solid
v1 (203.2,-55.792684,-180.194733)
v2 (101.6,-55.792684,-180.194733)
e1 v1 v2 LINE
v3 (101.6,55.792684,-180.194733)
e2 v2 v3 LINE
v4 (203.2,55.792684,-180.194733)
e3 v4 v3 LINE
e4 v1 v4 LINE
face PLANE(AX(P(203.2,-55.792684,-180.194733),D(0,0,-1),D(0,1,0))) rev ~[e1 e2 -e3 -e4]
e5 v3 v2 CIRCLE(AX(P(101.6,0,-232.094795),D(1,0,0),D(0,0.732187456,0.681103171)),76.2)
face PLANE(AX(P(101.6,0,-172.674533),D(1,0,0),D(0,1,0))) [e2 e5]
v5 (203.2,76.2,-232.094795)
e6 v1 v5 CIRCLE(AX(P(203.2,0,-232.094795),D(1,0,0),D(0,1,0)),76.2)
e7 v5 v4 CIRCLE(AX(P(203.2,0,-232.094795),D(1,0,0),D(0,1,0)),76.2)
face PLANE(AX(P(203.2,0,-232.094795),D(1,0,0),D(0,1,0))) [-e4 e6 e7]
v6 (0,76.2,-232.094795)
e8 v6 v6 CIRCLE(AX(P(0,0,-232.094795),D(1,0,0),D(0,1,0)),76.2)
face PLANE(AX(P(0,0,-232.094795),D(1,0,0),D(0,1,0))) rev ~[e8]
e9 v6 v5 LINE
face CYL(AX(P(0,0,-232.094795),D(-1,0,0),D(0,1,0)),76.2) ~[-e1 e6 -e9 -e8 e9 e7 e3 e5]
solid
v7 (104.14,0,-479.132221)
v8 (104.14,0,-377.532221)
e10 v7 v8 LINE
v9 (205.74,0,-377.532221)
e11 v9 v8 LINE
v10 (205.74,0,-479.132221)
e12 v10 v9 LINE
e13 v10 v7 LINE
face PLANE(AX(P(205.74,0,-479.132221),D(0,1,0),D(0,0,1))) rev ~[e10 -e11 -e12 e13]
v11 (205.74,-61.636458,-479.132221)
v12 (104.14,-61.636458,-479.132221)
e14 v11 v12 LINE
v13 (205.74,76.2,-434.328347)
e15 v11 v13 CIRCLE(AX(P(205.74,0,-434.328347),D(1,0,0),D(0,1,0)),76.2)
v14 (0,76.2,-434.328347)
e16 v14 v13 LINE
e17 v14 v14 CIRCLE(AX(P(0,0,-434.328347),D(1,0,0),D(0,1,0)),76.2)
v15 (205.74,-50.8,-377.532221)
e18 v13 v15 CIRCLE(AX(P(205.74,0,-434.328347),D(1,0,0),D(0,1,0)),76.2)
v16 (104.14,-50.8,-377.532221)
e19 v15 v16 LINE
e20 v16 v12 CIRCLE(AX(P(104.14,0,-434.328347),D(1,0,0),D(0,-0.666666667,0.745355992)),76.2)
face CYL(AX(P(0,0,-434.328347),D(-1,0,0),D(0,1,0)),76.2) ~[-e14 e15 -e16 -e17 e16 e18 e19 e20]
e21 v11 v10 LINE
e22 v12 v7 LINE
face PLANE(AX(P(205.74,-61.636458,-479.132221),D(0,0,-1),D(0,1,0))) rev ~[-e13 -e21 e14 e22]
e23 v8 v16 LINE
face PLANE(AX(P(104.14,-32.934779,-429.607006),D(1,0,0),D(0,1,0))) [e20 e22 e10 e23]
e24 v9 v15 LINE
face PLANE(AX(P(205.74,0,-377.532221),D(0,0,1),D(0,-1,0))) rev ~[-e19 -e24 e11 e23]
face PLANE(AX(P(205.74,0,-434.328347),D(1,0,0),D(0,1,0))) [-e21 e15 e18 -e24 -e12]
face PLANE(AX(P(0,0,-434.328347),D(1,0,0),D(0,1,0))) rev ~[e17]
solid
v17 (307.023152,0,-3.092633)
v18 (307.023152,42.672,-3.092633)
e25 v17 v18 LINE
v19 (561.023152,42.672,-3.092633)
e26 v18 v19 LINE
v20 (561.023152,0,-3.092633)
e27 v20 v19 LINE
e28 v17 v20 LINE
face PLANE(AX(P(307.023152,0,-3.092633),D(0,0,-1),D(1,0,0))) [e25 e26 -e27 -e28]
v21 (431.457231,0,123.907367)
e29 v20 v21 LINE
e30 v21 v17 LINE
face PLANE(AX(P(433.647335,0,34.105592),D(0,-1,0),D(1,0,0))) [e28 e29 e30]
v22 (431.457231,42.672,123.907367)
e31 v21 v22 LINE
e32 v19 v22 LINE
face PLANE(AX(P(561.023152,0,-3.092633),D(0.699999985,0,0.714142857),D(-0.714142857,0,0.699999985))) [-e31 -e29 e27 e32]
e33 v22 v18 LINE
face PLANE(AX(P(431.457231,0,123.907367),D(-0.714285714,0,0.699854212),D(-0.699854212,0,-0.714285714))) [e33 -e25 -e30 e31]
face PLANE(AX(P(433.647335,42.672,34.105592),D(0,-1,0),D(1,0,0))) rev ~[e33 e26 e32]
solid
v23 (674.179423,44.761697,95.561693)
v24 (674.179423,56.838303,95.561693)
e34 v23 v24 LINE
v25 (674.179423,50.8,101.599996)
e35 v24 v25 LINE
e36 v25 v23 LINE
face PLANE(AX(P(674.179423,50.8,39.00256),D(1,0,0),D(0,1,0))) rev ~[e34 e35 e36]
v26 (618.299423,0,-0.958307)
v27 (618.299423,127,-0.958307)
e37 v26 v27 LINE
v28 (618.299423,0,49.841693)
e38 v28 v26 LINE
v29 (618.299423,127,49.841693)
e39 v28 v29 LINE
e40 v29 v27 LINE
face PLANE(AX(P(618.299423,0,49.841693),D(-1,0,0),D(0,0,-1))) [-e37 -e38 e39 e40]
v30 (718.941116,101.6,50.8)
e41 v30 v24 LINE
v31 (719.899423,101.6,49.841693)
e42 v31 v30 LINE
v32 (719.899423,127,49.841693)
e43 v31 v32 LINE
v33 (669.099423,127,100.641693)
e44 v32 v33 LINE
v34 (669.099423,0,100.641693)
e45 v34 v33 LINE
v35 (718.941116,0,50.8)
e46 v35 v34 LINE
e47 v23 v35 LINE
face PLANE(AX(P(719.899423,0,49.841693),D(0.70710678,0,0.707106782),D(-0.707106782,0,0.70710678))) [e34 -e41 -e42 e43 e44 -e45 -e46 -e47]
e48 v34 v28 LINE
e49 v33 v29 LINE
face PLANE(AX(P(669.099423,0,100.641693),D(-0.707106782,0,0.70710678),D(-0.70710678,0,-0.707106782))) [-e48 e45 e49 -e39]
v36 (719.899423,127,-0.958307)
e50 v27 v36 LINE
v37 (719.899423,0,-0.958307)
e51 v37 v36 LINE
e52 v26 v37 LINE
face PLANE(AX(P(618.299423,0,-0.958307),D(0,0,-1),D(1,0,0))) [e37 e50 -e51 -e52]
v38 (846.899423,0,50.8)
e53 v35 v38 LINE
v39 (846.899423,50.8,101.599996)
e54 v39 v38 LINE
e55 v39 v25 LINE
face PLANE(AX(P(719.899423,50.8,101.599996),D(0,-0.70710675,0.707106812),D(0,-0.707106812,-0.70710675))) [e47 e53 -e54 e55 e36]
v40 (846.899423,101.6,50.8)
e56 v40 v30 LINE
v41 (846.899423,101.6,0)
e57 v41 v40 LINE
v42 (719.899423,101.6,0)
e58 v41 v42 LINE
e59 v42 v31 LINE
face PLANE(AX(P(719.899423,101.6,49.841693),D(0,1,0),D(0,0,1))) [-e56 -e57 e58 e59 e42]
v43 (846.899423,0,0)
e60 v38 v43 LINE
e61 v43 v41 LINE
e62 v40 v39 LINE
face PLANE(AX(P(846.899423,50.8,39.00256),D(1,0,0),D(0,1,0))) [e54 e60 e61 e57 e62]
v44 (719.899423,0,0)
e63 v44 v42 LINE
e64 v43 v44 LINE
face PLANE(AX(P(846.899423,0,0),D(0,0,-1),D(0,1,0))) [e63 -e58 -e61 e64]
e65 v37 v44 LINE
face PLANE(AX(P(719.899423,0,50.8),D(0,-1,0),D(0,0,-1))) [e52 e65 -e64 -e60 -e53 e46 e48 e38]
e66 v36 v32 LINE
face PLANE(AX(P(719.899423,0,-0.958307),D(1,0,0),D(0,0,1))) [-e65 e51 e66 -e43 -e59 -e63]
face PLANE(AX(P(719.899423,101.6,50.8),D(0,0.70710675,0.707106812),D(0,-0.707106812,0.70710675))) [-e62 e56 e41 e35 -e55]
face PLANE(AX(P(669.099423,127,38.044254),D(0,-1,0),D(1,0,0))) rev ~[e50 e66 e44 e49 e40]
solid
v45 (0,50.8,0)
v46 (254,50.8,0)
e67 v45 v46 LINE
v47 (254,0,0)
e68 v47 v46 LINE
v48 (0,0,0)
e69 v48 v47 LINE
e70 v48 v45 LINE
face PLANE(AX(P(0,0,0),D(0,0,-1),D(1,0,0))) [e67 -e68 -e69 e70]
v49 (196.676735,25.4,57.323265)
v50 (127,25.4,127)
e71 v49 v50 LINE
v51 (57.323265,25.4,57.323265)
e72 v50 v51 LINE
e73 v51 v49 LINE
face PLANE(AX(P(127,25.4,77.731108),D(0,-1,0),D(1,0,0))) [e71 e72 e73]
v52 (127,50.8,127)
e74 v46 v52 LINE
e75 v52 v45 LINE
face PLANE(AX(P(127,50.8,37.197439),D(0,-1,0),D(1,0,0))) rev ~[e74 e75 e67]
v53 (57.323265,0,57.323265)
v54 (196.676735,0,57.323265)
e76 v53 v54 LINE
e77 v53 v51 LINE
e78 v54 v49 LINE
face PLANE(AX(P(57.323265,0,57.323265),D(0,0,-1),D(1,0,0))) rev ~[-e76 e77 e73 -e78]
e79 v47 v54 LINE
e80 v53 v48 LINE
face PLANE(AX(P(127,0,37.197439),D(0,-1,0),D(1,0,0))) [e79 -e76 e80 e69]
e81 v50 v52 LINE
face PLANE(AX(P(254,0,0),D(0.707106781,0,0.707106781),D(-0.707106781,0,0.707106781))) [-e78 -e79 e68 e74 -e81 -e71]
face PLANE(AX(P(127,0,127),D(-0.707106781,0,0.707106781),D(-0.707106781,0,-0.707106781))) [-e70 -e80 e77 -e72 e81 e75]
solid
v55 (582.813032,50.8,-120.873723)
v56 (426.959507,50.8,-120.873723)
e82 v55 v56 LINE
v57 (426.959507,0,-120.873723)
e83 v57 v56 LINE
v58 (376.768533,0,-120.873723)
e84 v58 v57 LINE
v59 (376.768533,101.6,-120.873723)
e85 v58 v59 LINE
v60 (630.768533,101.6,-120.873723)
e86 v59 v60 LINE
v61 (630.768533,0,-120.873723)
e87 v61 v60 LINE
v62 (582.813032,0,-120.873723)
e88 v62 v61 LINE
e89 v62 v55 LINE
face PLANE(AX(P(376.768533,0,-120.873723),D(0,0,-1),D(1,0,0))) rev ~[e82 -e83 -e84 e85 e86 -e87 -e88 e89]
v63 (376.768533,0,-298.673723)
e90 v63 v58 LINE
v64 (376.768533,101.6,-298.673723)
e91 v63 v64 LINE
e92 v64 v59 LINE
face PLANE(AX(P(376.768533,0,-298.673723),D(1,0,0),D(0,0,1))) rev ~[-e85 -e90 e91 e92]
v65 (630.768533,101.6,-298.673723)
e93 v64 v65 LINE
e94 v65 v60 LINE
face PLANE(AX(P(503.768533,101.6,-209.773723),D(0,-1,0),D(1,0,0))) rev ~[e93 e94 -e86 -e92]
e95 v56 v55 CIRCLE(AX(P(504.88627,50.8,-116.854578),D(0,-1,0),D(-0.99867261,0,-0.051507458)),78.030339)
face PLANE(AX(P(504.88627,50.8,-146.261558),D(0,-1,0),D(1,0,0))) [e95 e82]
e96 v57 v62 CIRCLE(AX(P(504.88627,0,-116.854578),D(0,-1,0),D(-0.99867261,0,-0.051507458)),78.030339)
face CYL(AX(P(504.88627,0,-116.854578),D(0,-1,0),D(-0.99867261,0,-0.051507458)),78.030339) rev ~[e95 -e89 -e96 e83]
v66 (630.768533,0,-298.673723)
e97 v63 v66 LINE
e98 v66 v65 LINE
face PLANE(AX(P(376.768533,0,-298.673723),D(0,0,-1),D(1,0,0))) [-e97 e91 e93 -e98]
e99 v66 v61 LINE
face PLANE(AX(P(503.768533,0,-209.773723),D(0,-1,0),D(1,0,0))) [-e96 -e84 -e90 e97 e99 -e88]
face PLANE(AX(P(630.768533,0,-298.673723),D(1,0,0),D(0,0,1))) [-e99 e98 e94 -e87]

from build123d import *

# Parameters (mm, degrees)
F1_DEPTH  = 50.8
F3_DEPTH  = 25.4
F5_DEPTH  = 42.672
F7_DEPTH  = 127
F10_DEPTH = 127
F11_DEPTH = 45.72
F12_R     = 76.2
F13_DEPTH = 203.2
F15_DEPTH = 101.6
F16_R     = 76.2
F17_DEPTH = 205.74
F19_DEPTH = 101.6
F20_W     = 254
F20_H     = 177.8
F21_DEPTH = 101.6
F23_DEPTH = 50.8


with BuildPart() as f1:
    # F0 (on Front) → F1 (new body)
    with BuildSketch(Plane.XZ):
        Polygon((127, 127), (0, 0), (254, 0), align=None)
    extrude(amount=-F1_DEPTH)

    # F2 (on face) → F3 (cut)
    with BuildSketch(Plane.XZ):
        Polygon((127, 127), (57.3232648172, 57.3232648172), (196.6767351828, 57.3232648172), align=None)
    extrude(amount=-F3_DEPTH, mode=Mode.SUBTRACT)


with BuildPart() as f5:
    # F4 (on Front) → F5 (new body)
    with BuildSketch(Plane.XZ):
        Polygon((431.4572305207, 123.9073670745), (307.0231515873, -3.0926329255), (561.0231515873, -3.0926329255), align=None)
    extrude(amount=-F5_DEPTH)


with BuildPart() as f7:
    # F6 (on Front) → F7 (new body)
    with BuildSketch(Plane.XZ):
        Polygon((618.2994227751, 49.8416927981), (618.2994227751, -0.9583072019), (719.8994227751, -0.9583072019), (719.8994227751, 49.8416927981), (669.0994226487, 100.6416927981), align=None)
    extrude(amount=-F7_DEPTH)

    # F9 (on offset) → F10 (join, through all)
    with BuildSketch(Plane.YZ.offset(846.8994227751)):
        Polygon((0, 50.8), (0, 0), (101.6, 0), (101.6, 50.8), (50.8, 101.599995519), align=None)
    extrude(amount=-F10_DEPTH)

    # F11 (add): a face of the model
    f11_faces = [f7.faces().sort_by_distance(p)[0] for p in [
        (719.8994227751, 50.8, 67.100267224),
    ]]
    extrude(f11_faces, amount=F11_DEPTH)


with BuildPart() as f13:
    # F12 (on Right) → F13 (new body)
    with BuildSketch(Plane.YZ):
        with Locations((0, -232.0947945118)):
            Circle(F12_R)
    extrude(amount=F13_DEPTH)

    # F14 (on face) → F15 (cut)
    with BuildSketch(Plane.YZ.offset(203.2)):
        with BuildLine():
            ThreePointArc((55.7926841618, -180.1947329124), (0, -155.8947945118), (-55.7926841618, -180.1947329124))
            Line((-55.7926841618, -180.1947329124), (55.7926841618, -180.1947329124))
        make_face()
    extrude(amount=-F15_DEPTH, mode=Mode.SUBTRACT)


with BuildPart() as f17:
    # F16 (on Right) → F17 (new body)
    with BuildSketch(Plane.YZ):
        with Locations((0, -434.3283474445)):
            Circle(F16_R)
    extrude(amount=F17_DEPTH)

    # F18 (on face) → F19 (cut)
    with BuildSketch(Plane.YZ.offset(205.74)):
        with BuildLine():
            Line((0, -377.532220816), (-50.8, -377.532220816))
            ThreePointArc((-50.8, -377.532220816), (-75.7702399429, -426.2468414591), (-61.6364578063, -479.132220816))
            Line((-61.6364578063, -479.132220816), (0, -479.132220816))
            Line((0, -479.132220816), (0, -377.532220816))
        make_face()
    extrude(amount=-F19_DEPTH, mode=Mode.SUBTRACT)


with BuildPart() as f21:
    # F20 (on Front) → F21 (new body)
    with BuildSketch(Plane.XZ):
        with Locations((503.7685334682, -209.7737226661)):
            Rectangle(F20_W, F20_H)
    extrude(amount=-F21_DEPTH)

    # F22 (on face) → F23 (cut)
    with BuildSketch(Plane.XZ):
        with BuildLine():
            Line((582.8130320883, -120.8737226661), (426.9595070505, -120.8737226661))
            ThreePointArc((426.9595070505, -120.8737226661), (504.8862695694, -194.8849174745), (582.8130320883, -120.8737226661))
        make_face()
    extrude(amount=-F23_DEPTH, mode=Mode.SUBTRACT)


solid = Compound([f1.part, f5.part, f7.part, f13.part, f17.part, f21.part])
